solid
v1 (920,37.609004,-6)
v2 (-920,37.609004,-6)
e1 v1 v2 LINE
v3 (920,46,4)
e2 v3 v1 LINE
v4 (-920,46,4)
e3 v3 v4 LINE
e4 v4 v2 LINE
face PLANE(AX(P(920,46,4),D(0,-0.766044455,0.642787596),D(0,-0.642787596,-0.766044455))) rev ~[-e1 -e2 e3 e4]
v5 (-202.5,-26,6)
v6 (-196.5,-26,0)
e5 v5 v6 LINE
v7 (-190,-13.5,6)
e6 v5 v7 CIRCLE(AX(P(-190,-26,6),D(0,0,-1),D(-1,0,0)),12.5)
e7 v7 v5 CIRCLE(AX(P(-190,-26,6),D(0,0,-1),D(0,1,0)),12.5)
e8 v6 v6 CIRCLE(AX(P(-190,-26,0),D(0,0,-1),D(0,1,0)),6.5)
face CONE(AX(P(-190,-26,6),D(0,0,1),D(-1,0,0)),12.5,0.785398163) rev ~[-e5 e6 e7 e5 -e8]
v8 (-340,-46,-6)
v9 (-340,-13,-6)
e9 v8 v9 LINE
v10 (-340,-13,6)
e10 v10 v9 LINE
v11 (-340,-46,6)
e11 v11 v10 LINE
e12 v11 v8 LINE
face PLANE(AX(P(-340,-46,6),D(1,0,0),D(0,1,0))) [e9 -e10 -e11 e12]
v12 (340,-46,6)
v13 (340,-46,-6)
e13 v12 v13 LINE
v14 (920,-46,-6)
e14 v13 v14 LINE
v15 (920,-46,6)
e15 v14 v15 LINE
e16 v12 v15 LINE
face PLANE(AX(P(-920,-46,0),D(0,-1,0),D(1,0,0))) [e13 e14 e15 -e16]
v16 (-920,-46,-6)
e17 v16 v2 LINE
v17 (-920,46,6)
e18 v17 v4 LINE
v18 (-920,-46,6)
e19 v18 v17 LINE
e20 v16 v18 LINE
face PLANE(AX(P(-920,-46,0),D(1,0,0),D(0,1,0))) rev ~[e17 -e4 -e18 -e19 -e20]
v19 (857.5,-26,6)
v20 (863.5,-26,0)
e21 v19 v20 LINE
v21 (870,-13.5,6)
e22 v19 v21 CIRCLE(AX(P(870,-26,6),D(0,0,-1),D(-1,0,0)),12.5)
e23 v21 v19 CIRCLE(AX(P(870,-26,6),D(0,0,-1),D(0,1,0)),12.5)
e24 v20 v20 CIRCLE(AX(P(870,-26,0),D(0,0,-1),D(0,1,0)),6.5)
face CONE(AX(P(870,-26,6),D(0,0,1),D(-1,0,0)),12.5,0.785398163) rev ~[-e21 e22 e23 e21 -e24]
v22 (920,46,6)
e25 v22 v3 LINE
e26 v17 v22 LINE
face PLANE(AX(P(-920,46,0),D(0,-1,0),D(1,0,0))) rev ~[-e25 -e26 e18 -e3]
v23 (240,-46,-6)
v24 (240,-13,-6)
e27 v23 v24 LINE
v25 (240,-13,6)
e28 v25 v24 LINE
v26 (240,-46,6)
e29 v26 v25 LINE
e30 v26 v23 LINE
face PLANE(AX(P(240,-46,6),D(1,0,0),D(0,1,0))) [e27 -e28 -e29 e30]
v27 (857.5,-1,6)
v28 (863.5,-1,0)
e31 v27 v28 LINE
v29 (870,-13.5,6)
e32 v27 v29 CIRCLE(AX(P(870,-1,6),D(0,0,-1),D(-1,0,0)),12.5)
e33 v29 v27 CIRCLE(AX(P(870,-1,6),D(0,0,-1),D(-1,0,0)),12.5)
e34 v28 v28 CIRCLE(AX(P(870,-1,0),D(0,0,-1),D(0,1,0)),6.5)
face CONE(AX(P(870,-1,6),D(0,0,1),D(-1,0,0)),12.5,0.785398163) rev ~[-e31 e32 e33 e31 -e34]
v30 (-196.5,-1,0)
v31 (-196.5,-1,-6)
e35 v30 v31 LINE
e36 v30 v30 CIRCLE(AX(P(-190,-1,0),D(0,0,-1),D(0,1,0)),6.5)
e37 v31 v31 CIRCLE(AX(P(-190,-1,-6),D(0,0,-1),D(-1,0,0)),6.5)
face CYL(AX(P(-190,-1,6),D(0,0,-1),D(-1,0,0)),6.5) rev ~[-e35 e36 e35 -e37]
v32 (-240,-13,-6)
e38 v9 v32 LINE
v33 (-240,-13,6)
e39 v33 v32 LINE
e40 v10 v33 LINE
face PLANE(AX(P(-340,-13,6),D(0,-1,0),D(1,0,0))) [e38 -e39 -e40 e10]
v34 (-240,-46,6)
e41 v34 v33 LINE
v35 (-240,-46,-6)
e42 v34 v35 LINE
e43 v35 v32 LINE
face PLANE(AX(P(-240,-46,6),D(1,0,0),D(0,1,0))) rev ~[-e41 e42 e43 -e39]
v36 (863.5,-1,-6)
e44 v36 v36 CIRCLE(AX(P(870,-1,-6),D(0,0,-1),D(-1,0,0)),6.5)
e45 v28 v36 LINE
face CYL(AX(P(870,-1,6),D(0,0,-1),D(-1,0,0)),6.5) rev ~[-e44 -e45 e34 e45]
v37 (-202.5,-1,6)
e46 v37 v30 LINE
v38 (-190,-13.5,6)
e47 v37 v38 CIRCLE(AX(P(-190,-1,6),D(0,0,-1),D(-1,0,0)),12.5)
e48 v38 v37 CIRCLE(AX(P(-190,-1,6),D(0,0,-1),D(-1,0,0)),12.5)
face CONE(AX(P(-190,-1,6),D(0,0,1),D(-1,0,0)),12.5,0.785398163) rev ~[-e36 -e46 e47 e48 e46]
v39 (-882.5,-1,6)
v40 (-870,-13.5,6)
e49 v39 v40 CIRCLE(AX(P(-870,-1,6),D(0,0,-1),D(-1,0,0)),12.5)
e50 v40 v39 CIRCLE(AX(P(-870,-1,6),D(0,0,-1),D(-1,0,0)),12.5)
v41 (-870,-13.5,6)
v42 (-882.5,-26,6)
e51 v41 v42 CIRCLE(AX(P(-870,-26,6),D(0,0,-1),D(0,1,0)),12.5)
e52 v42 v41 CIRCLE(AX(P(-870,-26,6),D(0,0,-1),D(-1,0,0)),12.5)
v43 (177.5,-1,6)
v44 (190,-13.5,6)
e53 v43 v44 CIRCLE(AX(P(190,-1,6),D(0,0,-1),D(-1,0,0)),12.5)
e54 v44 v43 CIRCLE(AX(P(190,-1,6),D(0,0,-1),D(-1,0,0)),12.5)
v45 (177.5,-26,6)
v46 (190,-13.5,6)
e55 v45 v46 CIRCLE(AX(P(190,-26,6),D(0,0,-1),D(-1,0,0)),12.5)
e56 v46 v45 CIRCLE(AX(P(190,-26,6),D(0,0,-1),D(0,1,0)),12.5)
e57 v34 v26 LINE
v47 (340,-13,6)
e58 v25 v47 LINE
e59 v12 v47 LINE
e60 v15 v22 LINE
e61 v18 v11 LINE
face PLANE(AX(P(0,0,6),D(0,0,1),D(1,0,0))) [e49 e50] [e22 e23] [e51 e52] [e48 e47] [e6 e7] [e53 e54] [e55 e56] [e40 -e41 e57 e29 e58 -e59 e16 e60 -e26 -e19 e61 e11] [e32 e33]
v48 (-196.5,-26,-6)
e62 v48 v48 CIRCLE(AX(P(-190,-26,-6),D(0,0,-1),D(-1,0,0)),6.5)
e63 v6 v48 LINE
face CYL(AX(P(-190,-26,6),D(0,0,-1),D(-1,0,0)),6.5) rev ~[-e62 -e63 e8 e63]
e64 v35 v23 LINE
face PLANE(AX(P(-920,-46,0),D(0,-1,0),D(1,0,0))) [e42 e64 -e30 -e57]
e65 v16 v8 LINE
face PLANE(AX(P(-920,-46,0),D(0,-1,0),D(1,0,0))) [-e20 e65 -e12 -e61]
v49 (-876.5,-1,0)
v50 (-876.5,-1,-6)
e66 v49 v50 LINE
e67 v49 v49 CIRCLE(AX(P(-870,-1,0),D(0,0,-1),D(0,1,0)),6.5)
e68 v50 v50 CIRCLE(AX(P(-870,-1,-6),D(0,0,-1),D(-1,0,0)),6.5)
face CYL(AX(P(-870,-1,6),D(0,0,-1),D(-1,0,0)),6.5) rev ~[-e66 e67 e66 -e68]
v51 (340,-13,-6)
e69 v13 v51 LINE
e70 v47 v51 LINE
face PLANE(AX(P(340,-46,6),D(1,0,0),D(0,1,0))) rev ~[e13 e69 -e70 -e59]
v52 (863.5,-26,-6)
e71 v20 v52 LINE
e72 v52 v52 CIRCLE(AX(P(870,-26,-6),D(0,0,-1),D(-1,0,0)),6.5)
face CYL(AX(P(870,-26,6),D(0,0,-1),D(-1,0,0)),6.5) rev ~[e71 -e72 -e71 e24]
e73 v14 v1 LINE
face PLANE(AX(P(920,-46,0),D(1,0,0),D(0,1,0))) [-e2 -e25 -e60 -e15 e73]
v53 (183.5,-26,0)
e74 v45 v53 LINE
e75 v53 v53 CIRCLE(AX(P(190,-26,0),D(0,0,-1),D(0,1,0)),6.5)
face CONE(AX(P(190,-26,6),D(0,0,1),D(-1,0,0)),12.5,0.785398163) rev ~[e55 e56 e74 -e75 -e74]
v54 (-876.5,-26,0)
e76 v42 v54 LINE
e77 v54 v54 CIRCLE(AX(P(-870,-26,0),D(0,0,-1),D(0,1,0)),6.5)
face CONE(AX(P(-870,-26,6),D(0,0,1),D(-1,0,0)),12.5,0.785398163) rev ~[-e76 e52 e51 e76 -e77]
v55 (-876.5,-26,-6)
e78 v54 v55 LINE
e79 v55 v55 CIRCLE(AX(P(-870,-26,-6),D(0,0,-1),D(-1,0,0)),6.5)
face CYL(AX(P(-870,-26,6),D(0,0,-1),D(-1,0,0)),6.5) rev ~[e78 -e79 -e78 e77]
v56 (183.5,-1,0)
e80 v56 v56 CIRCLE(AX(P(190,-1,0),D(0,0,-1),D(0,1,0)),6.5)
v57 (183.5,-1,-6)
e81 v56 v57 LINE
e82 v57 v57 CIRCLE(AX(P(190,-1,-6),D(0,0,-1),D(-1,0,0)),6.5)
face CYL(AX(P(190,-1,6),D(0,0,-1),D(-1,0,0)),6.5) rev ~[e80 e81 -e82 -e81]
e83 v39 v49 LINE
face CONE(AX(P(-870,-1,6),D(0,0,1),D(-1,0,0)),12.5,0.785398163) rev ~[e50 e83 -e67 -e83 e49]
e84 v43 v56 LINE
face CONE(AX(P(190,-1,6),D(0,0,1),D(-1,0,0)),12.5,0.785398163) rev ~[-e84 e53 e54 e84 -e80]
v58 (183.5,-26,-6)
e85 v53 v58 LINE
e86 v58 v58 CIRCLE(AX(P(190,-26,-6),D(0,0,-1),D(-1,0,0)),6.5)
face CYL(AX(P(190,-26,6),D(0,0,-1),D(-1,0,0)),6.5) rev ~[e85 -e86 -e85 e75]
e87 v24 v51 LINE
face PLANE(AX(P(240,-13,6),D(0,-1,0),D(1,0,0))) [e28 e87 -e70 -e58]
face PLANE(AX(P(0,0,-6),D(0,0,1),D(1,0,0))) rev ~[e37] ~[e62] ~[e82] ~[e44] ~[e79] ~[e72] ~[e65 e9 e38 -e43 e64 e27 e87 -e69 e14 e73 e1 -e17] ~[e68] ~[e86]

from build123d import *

# Parameters (mm, degrees)
F0_W           = 1840
F0_H           = 92
F1_DEPTH       = 6
F2_W           = 100
F2_H           = 33
F3_DEPTH       = 12.001
F5_DEPTH       = 1840.001
F7_D           = 13
F7_CSINK_D     = 25
F7_CSINK_ANGLE = 90


with BuildPart() as f1:
    # F0 (on Top) → F1 (new body, symmetric)
    with BuildSketch(Plane.XY):
        Rectangle(F0_W, F0_H)
    extrude(amount=F1_DEPTH, both=True)

    # F2 (on face) → F3 (cut, through all)
    with BuildSketch(Plane.XY.offset(6)):
        with Locations((-290, -29.5)):
            Rectangle(F2_W, F2_H)
        with Locations((290, -29.5)):
            Rectangle(F2_W, F2_H)
    extrude(amount=-F3_DEPTH, mode=Mode.SUBTRACT)

    # F4 (on face) → F5 (cut, through all)
    with BuildSketch(Plane.YZ.offset(920)):
        Polygon((46, -6), (46, 4), (37.609004, -6), align=None)
    extrude(amount=-F5_DEPTH, mode=Mode.SUBTRACT)

    # F7 (through all)
    with Locations(Plane.XY.offset(6)):
        with Locations((-870, -1), (-870, -26), (-190, -1), (-190, -26), (190, -26), (190, -1), (870, -1), (870, -26)):
            CounterSinkHole(F7_D / 2, F7_CSINK_D / 2, counter_sink_angle=F7_CSINK_ANGLE)


solid = f1.part
